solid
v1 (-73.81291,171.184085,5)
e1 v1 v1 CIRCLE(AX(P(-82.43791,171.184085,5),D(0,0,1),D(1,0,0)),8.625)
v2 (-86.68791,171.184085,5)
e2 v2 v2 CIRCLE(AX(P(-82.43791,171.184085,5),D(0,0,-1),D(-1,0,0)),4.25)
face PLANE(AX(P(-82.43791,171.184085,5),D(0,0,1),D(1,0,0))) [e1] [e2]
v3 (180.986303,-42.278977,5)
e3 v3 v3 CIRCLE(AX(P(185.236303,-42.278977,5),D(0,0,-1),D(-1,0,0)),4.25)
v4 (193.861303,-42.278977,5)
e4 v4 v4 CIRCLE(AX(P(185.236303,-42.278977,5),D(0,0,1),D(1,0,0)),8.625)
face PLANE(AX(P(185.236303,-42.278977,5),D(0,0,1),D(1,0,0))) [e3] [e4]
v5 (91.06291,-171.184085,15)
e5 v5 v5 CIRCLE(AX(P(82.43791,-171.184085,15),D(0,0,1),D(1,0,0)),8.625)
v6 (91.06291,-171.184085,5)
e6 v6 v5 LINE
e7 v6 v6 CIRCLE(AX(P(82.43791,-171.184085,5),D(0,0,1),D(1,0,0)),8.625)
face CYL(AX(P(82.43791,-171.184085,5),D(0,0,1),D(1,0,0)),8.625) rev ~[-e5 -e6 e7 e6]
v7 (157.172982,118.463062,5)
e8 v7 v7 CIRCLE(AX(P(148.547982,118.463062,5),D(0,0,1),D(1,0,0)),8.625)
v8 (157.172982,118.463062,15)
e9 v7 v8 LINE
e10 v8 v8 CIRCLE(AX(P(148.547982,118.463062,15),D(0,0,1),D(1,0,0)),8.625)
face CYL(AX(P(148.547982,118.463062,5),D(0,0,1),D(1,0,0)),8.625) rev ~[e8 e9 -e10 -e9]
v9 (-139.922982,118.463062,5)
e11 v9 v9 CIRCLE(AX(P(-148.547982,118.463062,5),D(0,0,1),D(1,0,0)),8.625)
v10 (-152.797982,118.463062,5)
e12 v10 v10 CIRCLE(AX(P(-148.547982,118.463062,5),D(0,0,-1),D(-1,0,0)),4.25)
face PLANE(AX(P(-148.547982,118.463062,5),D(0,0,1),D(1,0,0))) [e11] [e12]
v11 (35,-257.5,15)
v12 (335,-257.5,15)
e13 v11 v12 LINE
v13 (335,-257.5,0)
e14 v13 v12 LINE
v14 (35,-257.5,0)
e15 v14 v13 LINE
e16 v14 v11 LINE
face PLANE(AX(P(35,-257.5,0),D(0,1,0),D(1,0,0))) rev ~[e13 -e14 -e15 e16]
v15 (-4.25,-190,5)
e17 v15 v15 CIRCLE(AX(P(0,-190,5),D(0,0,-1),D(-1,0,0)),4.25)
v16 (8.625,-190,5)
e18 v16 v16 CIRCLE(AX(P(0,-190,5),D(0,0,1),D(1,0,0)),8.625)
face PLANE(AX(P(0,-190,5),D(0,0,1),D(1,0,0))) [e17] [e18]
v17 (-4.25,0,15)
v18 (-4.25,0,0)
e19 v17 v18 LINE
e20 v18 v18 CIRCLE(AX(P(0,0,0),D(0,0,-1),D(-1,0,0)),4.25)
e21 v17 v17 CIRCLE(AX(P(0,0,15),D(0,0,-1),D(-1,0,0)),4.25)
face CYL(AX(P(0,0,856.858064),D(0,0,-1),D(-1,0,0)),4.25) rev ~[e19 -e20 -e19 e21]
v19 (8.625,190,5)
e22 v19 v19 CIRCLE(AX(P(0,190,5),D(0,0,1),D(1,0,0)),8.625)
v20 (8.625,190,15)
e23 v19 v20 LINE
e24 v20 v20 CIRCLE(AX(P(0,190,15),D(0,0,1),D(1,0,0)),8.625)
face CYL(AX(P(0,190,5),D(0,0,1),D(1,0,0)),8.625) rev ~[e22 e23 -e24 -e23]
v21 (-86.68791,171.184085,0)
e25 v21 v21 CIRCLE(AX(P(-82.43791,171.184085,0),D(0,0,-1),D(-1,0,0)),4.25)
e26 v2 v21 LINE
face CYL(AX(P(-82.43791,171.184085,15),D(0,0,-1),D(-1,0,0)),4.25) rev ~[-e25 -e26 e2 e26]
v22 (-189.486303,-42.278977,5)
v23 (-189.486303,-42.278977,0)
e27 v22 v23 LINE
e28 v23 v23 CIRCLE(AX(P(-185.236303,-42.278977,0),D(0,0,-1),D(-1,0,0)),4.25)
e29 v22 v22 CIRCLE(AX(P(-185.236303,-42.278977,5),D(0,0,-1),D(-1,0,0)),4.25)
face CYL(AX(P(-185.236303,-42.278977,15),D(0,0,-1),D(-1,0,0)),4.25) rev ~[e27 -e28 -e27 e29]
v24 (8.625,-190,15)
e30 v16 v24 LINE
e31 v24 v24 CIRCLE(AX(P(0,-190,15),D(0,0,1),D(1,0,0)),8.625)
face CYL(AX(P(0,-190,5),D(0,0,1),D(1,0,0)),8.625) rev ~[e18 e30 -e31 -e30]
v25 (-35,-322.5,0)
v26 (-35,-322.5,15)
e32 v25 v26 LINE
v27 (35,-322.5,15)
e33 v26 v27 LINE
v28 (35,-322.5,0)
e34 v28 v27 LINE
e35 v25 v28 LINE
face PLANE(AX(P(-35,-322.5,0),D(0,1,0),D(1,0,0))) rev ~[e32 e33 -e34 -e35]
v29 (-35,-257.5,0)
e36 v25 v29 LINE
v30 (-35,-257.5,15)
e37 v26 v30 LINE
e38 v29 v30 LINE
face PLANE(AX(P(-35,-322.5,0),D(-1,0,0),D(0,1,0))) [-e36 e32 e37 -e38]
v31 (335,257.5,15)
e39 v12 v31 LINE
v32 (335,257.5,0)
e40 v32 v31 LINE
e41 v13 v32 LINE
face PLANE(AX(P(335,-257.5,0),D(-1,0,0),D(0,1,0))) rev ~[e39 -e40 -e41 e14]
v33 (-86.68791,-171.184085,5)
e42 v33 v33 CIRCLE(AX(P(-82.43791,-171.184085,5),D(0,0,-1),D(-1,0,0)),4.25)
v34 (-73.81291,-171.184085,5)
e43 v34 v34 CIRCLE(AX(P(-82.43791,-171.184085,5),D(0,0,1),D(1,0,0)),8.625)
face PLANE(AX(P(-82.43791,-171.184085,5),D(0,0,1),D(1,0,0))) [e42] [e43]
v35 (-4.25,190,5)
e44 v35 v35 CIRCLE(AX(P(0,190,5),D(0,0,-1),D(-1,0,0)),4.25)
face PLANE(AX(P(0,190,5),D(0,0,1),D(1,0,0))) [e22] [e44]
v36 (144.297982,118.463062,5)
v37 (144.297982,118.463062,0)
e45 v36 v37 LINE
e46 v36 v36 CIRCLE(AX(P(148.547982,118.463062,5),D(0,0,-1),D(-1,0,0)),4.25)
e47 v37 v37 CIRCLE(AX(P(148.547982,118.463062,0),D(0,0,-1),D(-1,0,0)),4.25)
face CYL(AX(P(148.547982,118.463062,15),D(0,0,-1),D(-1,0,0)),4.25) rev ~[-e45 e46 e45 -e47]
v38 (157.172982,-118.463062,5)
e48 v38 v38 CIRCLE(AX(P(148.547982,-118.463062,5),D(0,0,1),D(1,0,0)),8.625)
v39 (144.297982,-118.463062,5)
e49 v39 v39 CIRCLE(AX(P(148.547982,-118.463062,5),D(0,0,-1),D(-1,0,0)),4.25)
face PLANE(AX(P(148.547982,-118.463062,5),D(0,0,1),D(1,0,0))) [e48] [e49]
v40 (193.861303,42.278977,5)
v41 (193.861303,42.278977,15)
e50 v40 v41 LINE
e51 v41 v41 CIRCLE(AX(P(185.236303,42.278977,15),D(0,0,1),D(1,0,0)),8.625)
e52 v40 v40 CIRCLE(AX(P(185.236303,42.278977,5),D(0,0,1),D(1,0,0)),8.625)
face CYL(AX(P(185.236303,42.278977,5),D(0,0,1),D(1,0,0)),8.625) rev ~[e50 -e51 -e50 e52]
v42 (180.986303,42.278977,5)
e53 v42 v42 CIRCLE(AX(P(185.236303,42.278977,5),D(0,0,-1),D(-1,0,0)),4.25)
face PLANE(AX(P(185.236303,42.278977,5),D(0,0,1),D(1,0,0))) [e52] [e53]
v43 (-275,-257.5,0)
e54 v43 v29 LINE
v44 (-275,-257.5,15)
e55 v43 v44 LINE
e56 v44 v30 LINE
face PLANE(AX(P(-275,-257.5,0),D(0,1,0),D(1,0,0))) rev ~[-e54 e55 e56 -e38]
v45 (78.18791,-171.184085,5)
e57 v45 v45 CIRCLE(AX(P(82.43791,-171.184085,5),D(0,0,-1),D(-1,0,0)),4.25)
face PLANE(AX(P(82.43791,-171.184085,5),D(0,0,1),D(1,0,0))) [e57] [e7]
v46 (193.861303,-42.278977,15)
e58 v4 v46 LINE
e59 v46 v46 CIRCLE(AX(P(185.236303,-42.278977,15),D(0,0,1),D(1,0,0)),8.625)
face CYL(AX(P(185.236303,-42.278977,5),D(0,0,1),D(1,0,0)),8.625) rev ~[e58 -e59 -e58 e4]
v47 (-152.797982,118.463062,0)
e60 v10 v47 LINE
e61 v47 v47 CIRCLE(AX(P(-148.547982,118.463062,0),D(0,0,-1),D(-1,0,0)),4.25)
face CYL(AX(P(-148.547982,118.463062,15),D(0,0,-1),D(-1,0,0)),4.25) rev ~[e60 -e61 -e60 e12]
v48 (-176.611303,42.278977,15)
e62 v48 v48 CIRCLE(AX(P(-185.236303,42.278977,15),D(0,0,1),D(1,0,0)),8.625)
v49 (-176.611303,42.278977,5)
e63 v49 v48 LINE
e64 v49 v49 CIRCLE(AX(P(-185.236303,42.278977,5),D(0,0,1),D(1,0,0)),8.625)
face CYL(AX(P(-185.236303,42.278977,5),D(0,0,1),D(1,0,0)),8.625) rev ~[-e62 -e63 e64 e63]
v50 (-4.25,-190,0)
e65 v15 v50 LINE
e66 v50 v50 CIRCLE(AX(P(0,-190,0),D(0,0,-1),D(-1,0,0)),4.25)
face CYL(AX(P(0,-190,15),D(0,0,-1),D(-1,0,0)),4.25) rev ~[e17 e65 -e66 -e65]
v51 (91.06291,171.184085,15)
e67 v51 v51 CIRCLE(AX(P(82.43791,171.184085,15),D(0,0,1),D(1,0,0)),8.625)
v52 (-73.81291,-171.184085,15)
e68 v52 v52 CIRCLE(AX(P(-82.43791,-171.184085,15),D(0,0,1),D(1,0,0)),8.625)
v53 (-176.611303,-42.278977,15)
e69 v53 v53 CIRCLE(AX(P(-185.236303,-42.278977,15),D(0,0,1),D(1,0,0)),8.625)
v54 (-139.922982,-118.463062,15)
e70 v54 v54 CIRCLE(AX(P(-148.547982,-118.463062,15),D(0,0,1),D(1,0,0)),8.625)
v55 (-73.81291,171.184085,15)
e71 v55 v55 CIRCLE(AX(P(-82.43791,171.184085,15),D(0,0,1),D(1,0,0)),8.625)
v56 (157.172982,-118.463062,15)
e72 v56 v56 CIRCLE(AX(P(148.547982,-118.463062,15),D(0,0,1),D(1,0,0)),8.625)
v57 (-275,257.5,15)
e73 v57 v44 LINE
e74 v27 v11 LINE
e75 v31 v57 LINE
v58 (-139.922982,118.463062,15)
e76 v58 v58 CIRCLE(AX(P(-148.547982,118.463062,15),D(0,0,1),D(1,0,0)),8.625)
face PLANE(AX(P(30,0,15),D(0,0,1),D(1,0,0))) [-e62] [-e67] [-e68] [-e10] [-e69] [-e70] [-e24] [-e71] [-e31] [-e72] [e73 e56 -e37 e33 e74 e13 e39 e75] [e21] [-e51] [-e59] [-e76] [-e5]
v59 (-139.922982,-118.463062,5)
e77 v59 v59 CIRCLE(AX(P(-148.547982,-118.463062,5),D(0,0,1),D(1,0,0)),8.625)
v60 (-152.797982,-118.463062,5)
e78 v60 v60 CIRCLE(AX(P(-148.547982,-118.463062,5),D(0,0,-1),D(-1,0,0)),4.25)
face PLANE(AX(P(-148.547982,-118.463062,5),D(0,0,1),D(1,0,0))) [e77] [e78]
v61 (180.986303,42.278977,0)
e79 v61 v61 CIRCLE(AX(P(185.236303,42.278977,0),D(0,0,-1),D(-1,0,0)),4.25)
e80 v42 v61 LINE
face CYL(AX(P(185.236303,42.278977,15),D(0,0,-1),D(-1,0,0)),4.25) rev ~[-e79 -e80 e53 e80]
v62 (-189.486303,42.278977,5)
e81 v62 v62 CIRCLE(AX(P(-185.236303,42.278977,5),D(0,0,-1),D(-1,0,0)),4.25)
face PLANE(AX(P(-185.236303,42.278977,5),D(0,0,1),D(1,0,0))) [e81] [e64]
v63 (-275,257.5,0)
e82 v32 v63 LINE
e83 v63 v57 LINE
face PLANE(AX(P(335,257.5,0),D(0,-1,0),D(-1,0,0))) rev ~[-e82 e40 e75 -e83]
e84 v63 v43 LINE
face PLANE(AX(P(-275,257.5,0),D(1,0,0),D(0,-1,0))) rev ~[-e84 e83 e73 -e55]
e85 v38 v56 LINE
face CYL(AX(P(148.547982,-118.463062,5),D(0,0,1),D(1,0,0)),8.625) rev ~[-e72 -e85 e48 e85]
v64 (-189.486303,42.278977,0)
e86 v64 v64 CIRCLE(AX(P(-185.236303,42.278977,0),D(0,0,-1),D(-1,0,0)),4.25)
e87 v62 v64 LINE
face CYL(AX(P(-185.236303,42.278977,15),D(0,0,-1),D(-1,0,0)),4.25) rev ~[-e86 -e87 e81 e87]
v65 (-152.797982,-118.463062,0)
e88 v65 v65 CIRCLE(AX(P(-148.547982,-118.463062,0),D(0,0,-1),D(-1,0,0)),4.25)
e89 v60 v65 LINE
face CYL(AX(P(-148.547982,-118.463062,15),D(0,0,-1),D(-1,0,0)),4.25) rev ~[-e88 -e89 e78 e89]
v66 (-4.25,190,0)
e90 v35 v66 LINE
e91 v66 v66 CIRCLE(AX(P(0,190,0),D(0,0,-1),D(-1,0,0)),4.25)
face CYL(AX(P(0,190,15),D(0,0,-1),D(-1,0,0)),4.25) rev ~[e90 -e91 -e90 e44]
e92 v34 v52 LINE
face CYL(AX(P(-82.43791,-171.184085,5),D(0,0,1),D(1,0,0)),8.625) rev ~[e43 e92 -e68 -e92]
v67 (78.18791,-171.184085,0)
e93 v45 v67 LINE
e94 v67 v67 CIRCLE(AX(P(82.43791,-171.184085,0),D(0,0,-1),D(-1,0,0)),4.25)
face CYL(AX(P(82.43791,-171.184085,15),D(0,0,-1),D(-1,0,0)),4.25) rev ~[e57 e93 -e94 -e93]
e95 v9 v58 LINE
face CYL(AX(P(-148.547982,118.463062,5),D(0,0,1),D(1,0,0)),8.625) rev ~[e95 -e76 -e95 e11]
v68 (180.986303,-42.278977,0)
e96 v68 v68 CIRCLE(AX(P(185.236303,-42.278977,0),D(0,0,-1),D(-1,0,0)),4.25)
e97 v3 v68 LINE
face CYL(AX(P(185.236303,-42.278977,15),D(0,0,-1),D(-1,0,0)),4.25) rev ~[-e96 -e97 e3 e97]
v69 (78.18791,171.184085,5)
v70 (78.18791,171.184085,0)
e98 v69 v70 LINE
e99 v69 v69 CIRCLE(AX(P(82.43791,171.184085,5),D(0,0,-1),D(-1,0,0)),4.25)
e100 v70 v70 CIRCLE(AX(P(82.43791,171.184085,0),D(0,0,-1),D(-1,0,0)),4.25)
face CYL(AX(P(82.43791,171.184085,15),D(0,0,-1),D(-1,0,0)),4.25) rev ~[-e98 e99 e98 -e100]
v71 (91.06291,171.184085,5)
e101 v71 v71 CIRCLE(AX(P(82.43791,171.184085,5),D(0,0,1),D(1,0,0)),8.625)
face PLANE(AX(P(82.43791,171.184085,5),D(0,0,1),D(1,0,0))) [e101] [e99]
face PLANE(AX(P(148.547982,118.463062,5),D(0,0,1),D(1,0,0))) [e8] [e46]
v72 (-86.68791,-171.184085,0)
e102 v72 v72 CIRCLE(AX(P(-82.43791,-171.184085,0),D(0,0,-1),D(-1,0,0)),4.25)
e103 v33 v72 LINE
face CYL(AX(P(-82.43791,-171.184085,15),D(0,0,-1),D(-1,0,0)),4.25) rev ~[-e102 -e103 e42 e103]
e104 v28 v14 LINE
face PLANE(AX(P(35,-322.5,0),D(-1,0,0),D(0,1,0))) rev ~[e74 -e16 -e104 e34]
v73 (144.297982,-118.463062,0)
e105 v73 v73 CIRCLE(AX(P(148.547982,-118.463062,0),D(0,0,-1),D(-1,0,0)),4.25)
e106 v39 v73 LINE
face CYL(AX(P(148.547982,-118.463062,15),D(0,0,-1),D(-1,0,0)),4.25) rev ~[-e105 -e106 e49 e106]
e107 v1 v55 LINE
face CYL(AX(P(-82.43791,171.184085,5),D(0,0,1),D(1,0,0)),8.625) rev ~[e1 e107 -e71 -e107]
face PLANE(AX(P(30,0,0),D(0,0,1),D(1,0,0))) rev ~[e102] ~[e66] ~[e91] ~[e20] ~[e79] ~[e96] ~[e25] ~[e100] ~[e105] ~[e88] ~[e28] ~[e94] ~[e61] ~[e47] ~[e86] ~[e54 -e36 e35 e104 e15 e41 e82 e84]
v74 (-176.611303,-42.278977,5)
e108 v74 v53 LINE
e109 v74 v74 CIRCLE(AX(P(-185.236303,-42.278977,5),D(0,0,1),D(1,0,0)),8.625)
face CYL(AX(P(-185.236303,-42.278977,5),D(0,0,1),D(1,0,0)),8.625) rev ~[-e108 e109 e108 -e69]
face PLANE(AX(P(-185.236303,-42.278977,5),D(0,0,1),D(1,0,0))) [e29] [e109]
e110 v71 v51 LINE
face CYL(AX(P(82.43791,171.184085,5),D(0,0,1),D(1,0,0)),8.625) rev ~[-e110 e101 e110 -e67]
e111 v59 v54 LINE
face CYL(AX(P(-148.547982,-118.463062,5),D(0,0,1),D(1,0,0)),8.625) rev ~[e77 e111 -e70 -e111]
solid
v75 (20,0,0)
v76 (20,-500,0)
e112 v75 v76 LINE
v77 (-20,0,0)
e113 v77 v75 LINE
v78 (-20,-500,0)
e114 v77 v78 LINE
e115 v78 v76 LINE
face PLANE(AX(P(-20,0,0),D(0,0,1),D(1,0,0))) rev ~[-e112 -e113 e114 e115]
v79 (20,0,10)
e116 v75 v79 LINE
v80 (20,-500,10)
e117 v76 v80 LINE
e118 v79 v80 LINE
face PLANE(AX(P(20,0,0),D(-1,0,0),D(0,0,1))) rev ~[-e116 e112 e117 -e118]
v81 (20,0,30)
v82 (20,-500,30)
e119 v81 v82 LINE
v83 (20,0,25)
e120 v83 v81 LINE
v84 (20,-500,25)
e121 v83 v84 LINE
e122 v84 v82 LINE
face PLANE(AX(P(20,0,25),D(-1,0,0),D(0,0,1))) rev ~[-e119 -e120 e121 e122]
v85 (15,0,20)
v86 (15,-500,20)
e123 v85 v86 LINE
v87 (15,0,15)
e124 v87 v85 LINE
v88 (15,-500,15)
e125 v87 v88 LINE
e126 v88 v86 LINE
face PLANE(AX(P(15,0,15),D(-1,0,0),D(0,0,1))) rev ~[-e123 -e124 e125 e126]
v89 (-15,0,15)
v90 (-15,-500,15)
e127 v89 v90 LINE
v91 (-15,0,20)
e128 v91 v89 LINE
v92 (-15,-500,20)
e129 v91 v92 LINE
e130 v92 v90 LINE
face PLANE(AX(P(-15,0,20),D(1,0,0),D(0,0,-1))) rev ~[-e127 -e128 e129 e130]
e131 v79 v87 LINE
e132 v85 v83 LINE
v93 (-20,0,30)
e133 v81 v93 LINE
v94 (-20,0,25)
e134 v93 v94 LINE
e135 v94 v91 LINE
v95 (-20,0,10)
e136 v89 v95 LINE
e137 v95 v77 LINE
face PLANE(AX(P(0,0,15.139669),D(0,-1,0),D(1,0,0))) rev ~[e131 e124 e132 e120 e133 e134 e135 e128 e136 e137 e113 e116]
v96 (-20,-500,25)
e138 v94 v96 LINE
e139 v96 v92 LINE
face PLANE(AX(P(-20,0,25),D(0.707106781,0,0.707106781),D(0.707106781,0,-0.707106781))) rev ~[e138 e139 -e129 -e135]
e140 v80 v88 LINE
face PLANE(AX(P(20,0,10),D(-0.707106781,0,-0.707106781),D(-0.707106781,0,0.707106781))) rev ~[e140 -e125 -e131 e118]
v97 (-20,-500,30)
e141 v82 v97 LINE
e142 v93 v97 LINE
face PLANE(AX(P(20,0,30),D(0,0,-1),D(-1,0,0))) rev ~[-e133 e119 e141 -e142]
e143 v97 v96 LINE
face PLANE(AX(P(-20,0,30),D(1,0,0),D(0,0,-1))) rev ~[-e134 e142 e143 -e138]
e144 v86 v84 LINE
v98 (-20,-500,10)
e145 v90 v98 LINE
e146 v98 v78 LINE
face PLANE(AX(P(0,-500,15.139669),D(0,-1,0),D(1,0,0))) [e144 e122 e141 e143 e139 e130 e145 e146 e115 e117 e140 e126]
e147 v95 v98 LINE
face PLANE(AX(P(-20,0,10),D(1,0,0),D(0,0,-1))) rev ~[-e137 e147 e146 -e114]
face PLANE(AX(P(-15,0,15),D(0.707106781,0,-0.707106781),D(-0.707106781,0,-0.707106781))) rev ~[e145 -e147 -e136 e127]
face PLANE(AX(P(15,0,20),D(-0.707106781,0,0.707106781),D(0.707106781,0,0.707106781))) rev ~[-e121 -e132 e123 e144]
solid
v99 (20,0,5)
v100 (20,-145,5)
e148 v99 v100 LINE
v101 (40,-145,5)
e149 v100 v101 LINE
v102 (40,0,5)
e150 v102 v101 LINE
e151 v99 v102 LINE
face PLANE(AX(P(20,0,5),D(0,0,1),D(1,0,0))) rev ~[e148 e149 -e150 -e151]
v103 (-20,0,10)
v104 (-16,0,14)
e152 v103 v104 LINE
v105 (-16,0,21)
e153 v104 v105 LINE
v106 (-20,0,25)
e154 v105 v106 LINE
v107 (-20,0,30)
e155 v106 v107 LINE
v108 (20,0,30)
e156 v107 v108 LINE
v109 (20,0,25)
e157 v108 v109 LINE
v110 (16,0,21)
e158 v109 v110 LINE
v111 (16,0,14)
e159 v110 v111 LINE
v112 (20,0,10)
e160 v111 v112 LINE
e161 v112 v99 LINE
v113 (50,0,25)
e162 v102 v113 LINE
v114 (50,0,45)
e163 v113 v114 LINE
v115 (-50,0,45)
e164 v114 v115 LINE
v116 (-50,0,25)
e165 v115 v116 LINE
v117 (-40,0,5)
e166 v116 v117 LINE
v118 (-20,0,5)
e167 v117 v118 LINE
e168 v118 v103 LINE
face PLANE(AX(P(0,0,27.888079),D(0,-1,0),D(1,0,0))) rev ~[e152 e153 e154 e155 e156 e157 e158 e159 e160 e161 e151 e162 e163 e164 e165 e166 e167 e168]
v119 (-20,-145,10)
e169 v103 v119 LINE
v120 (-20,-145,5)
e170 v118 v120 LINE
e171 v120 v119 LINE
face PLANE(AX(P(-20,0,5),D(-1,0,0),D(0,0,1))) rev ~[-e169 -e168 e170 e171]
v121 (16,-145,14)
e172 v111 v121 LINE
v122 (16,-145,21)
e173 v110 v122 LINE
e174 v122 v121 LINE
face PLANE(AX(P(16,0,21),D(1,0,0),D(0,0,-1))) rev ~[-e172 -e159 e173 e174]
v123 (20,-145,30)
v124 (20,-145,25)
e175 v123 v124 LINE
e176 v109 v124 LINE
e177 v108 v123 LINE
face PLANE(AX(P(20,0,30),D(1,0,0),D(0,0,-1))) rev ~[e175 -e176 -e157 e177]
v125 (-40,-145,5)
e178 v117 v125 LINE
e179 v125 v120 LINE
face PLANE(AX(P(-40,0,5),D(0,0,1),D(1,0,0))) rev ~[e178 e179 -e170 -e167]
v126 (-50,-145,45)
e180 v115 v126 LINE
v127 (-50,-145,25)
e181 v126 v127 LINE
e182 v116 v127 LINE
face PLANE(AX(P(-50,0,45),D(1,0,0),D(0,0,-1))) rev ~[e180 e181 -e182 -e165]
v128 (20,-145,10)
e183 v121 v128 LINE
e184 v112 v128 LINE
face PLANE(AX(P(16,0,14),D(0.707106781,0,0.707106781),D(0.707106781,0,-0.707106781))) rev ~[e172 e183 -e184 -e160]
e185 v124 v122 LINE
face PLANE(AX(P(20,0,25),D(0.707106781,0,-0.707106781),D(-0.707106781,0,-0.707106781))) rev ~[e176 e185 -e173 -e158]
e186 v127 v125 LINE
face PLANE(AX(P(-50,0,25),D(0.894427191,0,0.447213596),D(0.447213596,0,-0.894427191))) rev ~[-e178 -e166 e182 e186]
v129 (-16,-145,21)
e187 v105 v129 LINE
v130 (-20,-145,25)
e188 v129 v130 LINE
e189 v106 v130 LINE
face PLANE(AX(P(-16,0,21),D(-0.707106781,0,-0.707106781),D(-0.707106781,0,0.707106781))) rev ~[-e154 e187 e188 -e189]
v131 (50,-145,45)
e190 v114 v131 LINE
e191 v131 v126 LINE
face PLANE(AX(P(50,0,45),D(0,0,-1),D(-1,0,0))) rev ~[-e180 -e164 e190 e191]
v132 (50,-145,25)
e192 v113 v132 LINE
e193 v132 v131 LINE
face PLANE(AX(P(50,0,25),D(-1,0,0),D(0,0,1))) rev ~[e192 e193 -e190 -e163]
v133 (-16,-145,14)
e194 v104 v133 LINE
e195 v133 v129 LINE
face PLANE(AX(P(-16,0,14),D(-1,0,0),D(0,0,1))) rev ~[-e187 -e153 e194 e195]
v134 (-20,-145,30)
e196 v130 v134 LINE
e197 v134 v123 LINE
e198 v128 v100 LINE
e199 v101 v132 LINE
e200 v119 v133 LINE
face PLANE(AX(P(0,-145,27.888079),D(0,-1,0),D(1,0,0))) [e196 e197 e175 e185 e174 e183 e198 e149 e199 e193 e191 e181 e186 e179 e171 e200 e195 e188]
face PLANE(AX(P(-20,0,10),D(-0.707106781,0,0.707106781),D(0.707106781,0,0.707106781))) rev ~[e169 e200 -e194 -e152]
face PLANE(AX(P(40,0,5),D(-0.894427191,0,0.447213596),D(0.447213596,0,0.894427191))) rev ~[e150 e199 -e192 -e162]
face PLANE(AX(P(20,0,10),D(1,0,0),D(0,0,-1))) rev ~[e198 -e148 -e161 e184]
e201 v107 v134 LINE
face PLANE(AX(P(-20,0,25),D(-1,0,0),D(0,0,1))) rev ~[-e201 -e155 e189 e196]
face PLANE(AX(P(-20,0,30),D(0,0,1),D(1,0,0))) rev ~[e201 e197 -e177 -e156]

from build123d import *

# Parameters (mm, degrees)
F0_W           = 70
F0_H           = 65
F1_DEPTH       = 15
F3_D           = 8.5
F3_CBORE_D     = 17.25
F3_CBORE_DEPTH = 10
F5_DEPTH       = 500
F6_DEPTH       = 145
F8_D           = 8.5


with BuildPart() as f1:
    # F0 (on Top) → F1 (new body)
    with BuildSketch(Plane.XY):
        Polygon((35, -257.5), (335, -257.5), (335, 257.5), (-275, 257.5), (-275, -257.5), (-35, -257.5), align=None)
        with Locations((0, -290)):
            Rectangle(F0_W, F0_H)
    extrude(amount=F1_DEPTH)

    # F3 (through all)
    with Locations(Plane.XY.offset(15)):
        with Locations((0, 190), (82.4379104323, 171.1840849015), (148.5479816689, 118.4630623532), (185.2363033145, 42.2789774517), (185.2363033145, -42.2789774517), (148.5479816689, -118.4630623532), (82.4379104323, -171.1840849015), (0, -190), (-82.4379104323, -171.1840849015), (-148.5479816689, -118.4630623532), (-185.2363033145, -42.2789774517), (-185.2363033145, 42.2789774517), (-148.5479816689, 118.4630623532), (-82.4379104323, 171.1840849015)):
            CounterBoreHole(F3_D / 2, F3_CBORE_D / 2, F3_CBORE_DEPTH)

    # F8 (through all)
    with Locations(Plane.XY.offset(15)):
        with Locations((0, 0)):
            Hole(F8_D / 2)


with BuildPart() as f5:
    # F4 (on Front) → F5 (new body)
    with BuildSketch(Plane.XZ):
        Polygon((-20, 0), (0, 0), (20, 0), (20, 5), (20, 10), (16, 14), (15, 15), (15, 20), (16, 21), (20, 25), (20, 30), (0, 30), (-20, 30), (-20, 25), (-16, 21), (-15, 20), (-15, 15), (-16, 14), (-20, 10), (-20, 5), align=None)
    extrude(amount=F5_DEPTH)


with BuildPart() as f6:
    # F4 (on Front) → F6 (new body)
    with BuildSketch(Plane.XZ):
        Polygon((-40, 5), (-20, 5), (-20, 10), (-16, 14), (-16, 21), (-20, 25), (-20, 30), (0, 30), (20, 30), (20, 25), (16, 21), (16, 14), (20, 10), (20, 5), (40, 5), (50, 25), (50, 45), (0, 45), (-50, 45), (-50, 25), align=None)
    extrude(amount=F6_DEPTH)


solid = Compound([f1.part, f5.part, f6.part])
